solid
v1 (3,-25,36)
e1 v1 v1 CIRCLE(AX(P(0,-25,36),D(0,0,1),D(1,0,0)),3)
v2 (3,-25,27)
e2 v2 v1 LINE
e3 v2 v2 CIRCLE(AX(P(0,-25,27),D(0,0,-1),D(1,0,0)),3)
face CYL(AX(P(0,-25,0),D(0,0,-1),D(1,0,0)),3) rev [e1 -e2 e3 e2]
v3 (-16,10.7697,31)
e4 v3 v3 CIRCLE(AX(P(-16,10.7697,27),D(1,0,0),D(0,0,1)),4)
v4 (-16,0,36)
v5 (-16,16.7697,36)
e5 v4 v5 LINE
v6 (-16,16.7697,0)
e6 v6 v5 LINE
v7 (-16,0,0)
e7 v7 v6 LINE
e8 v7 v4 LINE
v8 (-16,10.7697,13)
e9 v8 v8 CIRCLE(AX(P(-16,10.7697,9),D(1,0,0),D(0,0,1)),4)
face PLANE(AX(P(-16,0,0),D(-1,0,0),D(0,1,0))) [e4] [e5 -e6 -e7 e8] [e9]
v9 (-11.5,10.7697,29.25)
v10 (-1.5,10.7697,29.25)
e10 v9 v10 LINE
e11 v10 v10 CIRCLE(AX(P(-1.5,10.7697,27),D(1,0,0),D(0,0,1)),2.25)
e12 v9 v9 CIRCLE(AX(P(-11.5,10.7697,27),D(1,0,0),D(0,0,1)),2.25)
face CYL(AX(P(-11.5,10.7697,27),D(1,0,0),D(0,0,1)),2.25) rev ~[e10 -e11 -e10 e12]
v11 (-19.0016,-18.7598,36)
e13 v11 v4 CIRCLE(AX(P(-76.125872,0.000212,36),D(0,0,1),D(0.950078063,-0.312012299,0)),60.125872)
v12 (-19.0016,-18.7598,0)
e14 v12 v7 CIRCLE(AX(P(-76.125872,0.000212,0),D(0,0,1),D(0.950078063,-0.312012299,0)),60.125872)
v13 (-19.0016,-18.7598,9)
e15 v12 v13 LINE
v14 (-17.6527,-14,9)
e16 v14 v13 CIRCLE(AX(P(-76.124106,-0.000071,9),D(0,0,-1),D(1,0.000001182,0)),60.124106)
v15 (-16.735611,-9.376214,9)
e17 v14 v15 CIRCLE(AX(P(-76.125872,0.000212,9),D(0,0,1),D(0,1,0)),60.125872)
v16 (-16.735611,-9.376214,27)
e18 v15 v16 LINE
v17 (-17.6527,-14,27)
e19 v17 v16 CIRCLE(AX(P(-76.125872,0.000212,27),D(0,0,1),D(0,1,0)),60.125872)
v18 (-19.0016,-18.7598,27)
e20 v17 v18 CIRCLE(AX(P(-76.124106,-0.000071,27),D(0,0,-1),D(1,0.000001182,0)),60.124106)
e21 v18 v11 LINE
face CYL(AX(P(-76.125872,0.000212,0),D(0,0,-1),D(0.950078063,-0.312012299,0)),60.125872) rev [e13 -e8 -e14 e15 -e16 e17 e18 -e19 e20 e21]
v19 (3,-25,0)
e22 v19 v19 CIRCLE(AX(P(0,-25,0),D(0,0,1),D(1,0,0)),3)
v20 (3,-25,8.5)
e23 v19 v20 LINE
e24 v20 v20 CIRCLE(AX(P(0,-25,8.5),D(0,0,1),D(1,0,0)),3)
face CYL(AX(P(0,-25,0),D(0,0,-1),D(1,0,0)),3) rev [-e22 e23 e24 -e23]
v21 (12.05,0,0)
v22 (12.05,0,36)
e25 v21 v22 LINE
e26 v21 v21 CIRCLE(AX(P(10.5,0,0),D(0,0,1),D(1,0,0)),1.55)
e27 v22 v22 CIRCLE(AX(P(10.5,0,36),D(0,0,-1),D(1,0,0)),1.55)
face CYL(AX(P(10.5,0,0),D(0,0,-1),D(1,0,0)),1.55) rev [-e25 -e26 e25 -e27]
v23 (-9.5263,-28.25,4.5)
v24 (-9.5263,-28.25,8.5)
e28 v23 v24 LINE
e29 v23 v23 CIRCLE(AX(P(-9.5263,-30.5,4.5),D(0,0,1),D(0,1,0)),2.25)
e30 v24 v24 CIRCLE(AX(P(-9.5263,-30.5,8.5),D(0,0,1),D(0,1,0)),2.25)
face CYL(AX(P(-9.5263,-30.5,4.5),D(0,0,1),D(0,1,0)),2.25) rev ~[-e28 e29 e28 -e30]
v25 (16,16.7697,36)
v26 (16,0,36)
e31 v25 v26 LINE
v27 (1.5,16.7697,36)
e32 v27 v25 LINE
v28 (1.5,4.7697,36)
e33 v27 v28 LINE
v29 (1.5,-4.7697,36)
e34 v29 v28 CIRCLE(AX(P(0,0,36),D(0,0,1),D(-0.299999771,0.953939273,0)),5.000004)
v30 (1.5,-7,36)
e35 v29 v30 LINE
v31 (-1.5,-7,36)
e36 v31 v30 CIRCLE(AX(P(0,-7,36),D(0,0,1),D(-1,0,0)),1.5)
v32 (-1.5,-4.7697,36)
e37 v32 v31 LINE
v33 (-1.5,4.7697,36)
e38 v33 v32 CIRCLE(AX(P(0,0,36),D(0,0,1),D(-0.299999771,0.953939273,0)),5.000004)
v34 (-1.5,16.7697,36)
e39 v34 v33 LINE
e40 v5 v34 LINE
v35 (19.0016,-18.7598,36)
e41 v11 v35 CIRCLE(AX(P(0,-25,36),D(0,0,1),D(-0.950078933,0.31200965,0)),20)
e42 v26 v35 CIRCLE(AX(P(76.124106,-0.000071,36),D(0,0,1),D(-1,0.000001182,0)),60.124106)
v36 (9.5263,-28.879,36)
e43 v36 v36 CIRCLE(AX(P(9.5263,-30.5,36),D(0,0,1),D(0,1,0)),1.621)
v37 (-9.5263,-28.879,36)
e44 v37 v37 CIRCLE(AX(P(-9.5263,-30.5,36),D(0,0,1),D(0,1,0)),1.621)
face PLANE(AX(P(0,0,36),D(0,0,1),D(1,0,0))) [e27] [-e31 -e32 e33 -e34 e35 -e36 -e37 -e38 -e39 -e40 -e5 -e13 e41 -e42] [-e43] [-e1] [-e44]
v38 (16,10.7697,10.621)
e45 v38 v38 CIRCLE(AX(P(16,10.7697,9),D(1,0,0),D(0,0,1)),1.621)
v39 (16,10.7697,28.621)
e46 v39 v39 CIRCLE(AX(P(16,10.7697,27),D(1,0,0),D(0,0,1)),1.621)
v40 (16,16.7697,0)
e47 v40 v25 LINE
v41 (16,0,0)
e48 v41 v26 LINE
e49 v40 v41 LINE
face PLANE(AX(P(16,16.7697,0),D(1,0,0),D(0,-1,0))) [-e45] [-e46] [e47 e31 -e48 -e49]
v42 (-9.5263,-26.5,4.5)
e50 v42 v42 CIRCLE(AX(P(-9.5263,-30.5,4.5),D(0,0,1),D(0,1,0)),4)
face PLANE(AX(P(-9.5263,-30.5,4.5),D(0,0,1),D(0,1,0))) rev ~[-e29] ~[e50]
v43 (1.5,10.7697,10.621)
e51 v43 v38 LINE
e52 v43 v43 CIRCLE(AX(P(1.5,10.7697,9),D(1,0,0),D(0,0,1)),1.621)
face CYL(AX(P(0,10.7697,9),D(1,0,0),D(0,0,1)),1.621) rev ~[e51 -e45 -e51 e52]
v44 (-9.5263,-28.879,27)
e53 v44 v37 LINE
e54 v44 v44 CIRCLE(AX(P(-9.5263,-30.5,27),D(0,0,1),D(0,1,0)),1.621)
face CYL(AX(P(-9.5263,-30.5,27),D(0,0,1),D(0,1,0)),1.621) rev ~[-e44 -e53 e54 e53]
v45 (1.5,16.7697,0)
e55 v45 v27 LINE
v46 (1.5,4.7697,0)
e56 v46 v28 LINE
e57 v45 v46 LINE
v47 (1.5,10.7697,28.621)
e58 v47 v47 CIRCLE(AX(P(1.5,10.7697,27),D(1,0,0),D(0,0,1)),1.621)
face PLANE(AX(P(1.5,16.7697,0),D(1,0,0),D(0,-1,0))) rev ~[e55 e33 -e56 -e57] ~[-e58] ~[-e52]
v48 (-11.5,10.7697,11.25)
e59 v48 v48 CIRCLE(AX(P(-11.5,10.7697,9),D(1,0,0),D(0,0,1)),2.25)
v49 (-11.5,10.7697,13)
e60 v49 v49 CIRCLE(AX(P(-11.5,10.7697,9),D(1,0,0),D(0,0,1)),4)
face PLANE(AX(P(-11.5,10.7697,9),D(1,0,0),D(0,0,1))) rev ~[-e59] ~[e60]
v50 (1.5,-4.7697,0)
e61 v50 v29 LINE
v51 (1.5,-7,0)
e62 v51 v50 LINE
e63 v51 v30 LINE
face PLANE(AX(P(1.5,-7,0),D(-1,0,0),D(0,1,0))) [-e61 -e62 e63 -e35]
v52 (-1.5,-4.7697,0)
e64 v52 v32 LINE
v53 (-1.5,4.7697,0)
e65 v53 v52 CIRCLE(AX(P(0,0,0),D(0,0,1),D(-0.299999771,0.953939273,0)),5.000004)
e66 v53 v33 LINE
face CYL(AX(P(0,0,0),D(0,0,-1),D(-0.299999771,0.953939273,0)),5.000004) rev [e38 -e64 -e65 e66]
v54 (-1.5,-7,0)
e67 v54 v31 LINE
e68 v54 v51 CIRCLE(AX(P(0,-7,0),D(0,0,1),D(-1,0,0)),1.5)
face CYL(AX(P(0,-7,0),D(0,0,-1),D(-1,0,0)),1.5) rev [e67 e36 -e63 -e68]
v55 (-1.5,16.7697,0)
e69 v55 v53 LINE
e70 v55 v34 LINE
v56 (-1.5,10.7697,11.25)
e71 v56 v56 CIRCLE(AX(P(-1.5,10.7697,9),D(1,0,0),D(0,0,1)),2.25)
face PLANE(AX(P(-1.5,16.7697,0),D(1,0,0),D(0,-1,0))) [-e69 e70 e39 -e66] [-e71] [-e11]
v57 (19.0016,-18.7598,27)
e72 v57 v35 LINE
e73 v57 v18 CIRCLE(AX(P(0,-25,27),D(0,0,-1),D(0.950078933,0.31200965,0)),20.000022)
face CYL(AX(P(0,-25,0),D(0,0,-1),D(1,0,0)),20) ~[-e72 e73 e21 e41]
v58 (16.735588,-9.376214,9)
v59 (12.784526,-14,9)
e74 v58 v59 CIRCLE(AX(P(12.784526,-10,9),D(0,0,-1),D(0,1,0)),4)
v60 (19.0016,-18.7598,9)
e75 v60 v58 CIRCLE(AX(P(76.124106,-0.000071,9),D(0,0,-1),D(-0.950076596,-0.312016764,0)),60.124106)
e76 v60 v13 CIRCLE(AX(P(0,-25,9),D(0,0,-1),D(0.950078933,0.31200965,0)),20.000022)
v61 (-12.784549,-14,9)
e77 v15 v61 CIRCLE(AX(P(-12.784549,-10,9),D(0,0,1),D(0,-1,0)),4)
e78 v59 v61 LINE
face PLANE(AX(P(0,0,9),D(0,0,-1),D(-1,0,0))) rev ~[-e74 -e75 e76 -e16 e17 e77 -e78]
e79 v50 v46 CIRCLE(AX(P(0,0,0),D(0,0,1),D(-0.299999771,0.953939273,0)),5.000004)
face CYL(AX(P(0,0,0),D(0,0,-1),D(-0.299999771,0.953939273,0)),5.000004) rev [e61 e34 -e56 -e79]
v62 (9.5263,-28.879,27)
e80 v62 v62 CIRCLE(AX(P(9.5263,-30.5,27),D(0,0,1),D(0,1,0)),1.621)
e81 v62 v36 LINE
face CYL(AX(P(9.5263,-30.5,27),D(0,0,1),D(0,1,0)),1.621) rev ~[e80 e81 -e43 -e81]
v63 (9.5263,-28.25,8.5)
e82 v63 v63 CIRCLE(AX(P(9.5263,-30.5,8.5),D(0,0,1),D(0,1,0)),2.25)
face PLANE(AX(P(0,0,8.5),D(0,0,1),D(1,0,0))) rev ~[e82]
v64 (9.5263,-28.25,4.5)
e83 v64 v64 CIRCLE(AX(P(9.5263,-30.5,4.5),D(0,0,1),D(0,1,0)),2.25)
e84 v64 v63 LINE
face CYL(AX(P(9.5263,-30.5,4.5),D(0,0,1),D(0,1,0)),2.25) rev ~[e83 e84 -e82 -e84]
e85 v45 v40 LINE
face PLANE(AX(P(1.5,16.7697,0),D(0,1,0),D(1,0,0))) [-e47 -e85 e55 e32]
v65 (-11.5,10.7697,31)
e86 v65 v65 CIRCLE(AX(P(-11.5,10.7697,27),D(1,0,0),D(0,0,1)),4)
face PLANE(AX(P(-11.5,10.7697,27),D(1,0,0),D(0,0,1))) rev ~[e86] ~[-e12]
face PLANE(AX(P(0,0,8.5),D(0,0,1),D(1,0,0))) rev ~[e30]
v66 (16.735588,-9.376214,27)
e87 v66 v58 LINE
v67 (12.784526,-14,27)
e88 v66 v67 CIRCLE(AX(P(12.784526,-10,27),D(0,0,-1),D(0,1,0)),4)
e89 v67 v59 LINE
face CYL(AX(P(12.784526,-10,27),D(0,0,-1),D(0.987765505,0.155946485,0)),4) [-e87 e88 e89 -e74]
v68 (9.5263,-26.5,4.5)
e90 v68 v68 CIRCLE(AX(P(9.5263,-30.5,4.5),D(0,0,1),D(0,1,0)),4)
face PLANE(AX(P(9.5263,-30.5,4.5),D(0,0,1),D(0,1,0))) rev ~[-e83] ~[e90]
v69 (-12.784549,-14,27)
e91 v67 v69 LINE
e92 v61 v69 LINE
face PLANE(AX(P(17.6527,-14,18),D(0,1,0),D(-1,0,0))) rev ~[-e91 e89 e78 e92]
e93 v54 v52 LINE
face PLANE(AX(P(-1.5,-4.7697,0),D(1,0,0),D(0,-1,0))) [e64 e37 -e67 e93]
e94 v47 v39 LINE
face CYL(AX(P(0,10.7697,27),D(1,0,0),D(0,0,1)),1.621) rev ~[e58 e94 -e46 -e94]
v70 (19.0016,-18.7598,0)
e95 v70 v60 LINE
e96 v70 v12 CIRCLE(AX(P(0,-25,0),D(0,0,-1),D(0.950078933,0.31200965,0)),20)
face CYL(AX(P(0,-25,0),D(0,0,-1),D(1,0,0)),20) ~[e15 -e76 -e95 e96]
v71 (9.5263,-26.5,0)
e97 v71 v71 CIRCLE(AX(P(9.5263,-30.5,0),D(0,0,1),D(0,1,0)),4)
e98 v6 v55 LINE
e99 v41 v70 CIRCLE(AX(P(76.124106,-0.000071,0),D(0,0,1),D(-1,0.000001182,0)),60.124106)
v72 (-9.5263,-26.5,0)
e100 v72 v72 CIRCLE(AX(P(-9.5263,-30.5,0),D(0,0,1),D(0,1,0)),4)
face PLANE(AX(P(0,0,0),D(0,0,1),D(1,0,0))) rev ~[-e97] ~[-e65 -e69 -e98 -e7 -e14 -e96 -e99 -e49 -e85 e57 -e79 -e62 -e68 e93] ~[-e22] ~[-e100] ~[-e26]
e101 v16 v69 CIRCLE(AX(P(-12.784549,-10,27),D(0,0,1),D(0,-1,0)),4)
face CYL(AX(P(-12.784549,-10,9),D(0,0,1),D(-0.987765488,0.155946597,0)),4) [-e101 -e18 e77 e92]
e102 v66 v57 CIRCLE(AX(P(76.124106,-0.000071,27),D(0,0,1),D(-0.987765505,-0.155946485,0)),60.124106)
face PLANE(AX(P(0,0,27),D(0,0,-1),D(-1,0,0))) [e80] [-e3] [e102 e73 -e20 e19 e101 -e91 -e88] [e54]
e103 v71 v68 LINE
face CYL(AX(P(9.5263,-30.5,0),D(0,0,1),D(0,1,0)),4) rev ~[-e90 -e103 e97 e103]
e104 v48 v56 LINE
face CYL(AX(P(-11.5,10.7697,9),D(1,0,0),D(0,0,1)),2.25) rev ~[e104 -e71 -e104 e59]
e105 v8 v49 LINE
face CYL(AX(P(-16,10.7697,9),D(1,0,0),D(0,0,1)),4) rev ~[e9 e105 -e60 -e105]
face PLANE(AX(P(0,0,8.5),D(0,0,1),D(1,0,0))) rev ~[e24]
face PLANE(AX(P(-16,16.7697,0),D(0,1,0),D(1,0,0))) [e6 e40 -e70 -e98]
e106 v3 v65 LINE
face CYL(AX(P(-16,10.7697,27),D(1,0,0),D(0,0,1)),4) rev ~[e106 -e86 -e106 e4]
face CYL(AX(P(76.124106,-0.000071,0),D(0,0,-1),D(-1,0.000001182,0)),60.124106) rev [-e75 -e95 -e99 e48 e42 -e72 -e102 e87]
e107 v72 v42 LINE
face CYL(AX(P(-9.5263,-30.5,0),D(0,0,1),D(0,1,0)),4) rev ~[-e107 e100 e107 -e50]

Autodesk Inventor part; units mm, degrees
ref_plane "YZ Plane" through (0, 0, 0) normal (1, 0, 0) x (0, 1, 0)
ref_plane "XZ Plane" through (0, 0, 0) normal (0, 1, 0) x (-1, 0, 0)
ref_plane "XY Plane" through (0, 0, 0) normal (0, 0, 1) x (1, 0, 0)
sketch "Skizze1" plane through (0, 0, 0) normal (0, 0, 1) x (1, 0, 0)
  arc A0 (-1.5, 4.7697) -> (1.5, 4.7697) centre (0, 0) ccw
  arc A1 (-16, 0) -> (16, 0) centre (0, 0) ccw construction
  line L0 (-16, 0) -> (-16, 16.7697)
  line L1 (16, 16.7697) -> (16, 0)
  line L2 (-1.5, 16.7697) -> (-1.5, 4.7697)
  line L3 (1.5, 16.7697) -> (1.5, 4.7697)
  line L4 (-16, 16.7697) -> (-1.5, 16.7697)
  line L5 (1.5, 16.7697) -> (16, 16.7697)
  line L6 (-1.5, 4.7697) -> (1.5, 4.7697) construction
  line L7 (-16, 10.7697) -> (16, 10.7697) construction
  line L8 (-16, 8.7697) -> (16, 8.7697) construction
  line L9 (-16, 12.7697) -> (16, 12.7697) construction
  line L10 (-16, 0) -> (16, 0) construction
  line L11 (16, 0) -> (16, 0)
  line L12 (-16, 0) -> (-16, 0)
  line L13 (-16, 0) -> (16, 0) construction
  line L14 (16, 0) -> (-16, 0) construction
  circle A2 centre (0, -25) radius 20
  line L15 (0, 29.1236) -> (0, -57.3539) construction
  arc A3 (-19.0016, -18.7598) -> (-16, 0) centre (-76.125, 0) ccw
  arc A4 (16, 0) -> (19.0016, -18.7598) centre (76.125, 0) ccw
  circle A5 centre (0, -25) radius 11 construction
  circle A6 centre (0, -14) radius 2.5 construction
  circle A7 centre (0, -25) radius 3
  line L16 (1.5, 0) -> (-1.5, 0)
  line L17 (-1.5, 0) -> (-1.5, -7)
  arc A8 (-1.5, -7) -> (1.5, -7) centre (0, -7) ccw
  line L18 (1.5, -7) -> (1.5, 0)
  circle A9 centre (10.5, 0) radius 1.55
  point P0 (-1.5, 10.7697)
  point P1 (-9.5263, -30.5)
  point P2 (9.5263, -30.5)
  point P3 (12.5, 0)
  point P4 (-12.5, 0)
  point P5 (16, 0)
  point P6 (-16, 0)
  point P7 (0, -5)
  point P8 (0, 0)
  point P9 (1.5, -4.7697)
  point P10 (-1.5, -4.7697)
  point P11 (5, 0)
  dimension "FixationHole_Dia" = 22
  dimension "d0" = 10
  dimension "d1" = 32
  dimension "d2" = 3
  dimension "d3" = 4
  dimension "d4" = 2
  dimension "d5" = 4
  dimension "MotrGC_Part_OuterDia" = 40
  dimension "d8" = 5
  dimension "d12" = 360
  dimension "SmallCapston_Offset" = 25
  dimension "d51" = 6
  dimension "d53" = 7
  dimension "d68" = 11
  dimension "d69" = 5.5
  dimension "d70" = 3.1
extrude "Extrusion1" add sketch "Skizze1" along normal blind 36 contours A0 L17 A2 A3 L0 L4 L2 | L17 A8 L18 A2 | A0 L3 L5 L1 A4 A2 L18 | A9 picked at (-4.3164, -12.8926)
ref_plane "Arbeitsebene1" through (0, 0, 18) normal (0, 0, -1) x (-1, 0, 0)
sketch "Skizze4" plane through (0, 0, 18) normal (0, 0, -1) x (-1, 0, 0)
  arc A0 (-19.0016, -18.7598) -> (19.0016, -18.7598) centre (0, -25) ccw projected
  arc A1 (-19.0016, -18.7598) -> (19.0016, -18.7598) centre (0, -25) ccw projected
  arc A2 (-19.0016, -18.7598) -> (-16, 0) centre (-76.125, 0) ccw projected
  arc A3 (16, 0) -> (19.0016, -18.7598) centre (76.125, 0) ccw projected
  line L0 (-17.6527, -14) -> (17.6527, -14)
  point P0 (0, 0)
  dimension "d77" = 11
extrude "Extrusion2" cut sketch "Skizze4" along normal mid plane 18
hole "Bohrung1" at (-9.5263, -30.5, 0) at (9.5263, -30.5, 0) direction (0, 0, 1) diameter 4.5 depth 9 counterbore diameter 8 counterbore depth 4.5 clearance for "Inbusschraube DIN EN ISO 4762" size "M4" standard "DIN"
sketch "Skizze5" plane through (0, 0, 27) normal (0, 0, -1) x (-1, 0, 0)
  point P0 (0, 0)
  point P1 (-9.5263, -30.5)
  point P2 (9.5263, -30.5)
hole "Bohrung4" at (9.5263, -30.5, 27) at (-9.5263, -30.5, 27) direction (0, 0, 1) diameter 3.242 end through all thread size "M4x0.7" class "6H" standard "ISO Metric profile"
ref_plane "Arbeitsebene2" through (0, 0, 0) normal (-1, 0, 0) x (0, 0, 1)
sketch "Skizze2" plane through (0, 0, 0) normal (-1, 0, 0) x (0, 0, 1)
  line L0 (0, 16.7697) -> (0, 4.7697) construction
  line L1 (0, 4.7697) -> (36, 4.7697) construction
  line L2 (36, 16.7697) -> (36, 4.7697) construction
  line L3 (0, 16.7697) -> (36, 16.7697) construction
  line L4 (0, 10.7697) -> (36, 10.7697) construction
  line L5 (18, 10.7697) -> (18, 16.7697) construction
  point P0 (0, 0)
  point P1 (0, 10.7697)
  point P2 (0, 10.7697)
  point P3 (0, 10.7697)
  point P4 (9, 10.7697)
  point P5 (27, 10.7697)
  dimension "d24" = 18
  dimension "d25" = 9
  dimension "d26" = 9
hole "Bohrung2" at (0, 10.7697, 27) at (0, 10.7697, 9) direction (1, 0, 0) diameter 3.242 end through all thread size "M4x0.7" class "6H" standard "ISO Metric profile"
sketch "Skizze3" plane through (-16, 0, 0) normal (-1, 0, 0) x (0, 0, 1)
  point P0 (0, 0)
  point P1 (9, 10.7697)
  point P2 (27, 10.7697)
hole "Bohrung3" at (-16, 10.7697, 9) at (-16, 10.7697, 27) direction (1, 0, 0) diameter 4.5 depth 14.5 counterbore diameter 8 counterbore depth 4.5 clearance for "Inbusschraube DIN EN ISO 4762" size "M4" standard "DIN"
fillet "Rundung1" radius 4 2 edges at (17.6527, -14, 18) (-17.6527, -14, 18)
extrude "Extrusion4" cut sketch "Skizze1" along normal through all contours A9
sketch "Skizze9" plane through (0, 0, 9) normal (0, 0, 1) x (1, 0, 0)
  circle A0 centre (9.5263, -30.5) radius 2.25 projected
  circle A1 centre (0, -25) radius 3 projected
  circle A2 centre (-9.5263, -30.5) radius 2.25 projected
  point P0 (0, 0)
extrude "Extrusion6" add sketch "Skizze9" against normal blind 0.5
sketch "Skizze6" plane through (16, 0, 0) normal (1, 0, 0) x (0, 0, -1)
  circle A0 centre (-27, 10.7697) radius 1.621 construction
  circle A1 centre (-9, 10.7697) radius 1.621 construction
  line L0 (0, 0) -> (0, 16.7697) construction
  line L1 (0, 16.7697) -> (-36, 16.7697) construction
  line L2 (-36, 0) -> (-36, 16.7697) construction
  line L3 (0, 0) -> (-36, 0) construction
  line L4 (-49, 16.7697) -> (13, 16.7697)
  line L5 (13, 16.7697) -> (13, 0)
  line L6 (13, 0) -> (-49, 0)
  line L7 (-49, 0) -> (-49, 16.7697)
  point P0 (0, 0)
  point P1 (-18, 16.7697)
  point P2 (-18, 0)
  dimension "d54" = 62
sketch "Skizze7" plane through (26, 0, 0) normal (1, 0, 0) x (0, 0, -1)
  line L0 (-49, 50) -> (-49, -17) construction
  line L1 (-36, 50) -> (-36, -17) construction
  line L2 (0, 50) -> (0, -17) construction
  line L3 (13, 50) -> (13, -17) construction
  line L4 (-49, 16.7697) -> (-49, 0) construction
  line L5 (-49, 8.3848) -> (13, 8.3848) construction
  line L6 (13, 0) -> (13, 16.7697) projected
  point P0 (0, 0)
  point P1 (-42.5, 8.3848)
  point P2 (6.5, 8.3848)
  dimension "d58" = 13
  dimension "d59" = 6.5
  dimension "d60" = 6.5
equation "\"d4\" = 0.5 * d3"
equation "\"d69\" = 0.5 * d68"
equation "\"d25\" = 0.5 * d24"
equation "\"d26\" = 0.5 * d24"
equation "\"d59\" = 0.5 * d58"
equation "\"d60\" = d59"
properties part number "ParallelMech_DrivenPart_Motor_GC_ShaftConnector" material "PBT-Kunststoff"
